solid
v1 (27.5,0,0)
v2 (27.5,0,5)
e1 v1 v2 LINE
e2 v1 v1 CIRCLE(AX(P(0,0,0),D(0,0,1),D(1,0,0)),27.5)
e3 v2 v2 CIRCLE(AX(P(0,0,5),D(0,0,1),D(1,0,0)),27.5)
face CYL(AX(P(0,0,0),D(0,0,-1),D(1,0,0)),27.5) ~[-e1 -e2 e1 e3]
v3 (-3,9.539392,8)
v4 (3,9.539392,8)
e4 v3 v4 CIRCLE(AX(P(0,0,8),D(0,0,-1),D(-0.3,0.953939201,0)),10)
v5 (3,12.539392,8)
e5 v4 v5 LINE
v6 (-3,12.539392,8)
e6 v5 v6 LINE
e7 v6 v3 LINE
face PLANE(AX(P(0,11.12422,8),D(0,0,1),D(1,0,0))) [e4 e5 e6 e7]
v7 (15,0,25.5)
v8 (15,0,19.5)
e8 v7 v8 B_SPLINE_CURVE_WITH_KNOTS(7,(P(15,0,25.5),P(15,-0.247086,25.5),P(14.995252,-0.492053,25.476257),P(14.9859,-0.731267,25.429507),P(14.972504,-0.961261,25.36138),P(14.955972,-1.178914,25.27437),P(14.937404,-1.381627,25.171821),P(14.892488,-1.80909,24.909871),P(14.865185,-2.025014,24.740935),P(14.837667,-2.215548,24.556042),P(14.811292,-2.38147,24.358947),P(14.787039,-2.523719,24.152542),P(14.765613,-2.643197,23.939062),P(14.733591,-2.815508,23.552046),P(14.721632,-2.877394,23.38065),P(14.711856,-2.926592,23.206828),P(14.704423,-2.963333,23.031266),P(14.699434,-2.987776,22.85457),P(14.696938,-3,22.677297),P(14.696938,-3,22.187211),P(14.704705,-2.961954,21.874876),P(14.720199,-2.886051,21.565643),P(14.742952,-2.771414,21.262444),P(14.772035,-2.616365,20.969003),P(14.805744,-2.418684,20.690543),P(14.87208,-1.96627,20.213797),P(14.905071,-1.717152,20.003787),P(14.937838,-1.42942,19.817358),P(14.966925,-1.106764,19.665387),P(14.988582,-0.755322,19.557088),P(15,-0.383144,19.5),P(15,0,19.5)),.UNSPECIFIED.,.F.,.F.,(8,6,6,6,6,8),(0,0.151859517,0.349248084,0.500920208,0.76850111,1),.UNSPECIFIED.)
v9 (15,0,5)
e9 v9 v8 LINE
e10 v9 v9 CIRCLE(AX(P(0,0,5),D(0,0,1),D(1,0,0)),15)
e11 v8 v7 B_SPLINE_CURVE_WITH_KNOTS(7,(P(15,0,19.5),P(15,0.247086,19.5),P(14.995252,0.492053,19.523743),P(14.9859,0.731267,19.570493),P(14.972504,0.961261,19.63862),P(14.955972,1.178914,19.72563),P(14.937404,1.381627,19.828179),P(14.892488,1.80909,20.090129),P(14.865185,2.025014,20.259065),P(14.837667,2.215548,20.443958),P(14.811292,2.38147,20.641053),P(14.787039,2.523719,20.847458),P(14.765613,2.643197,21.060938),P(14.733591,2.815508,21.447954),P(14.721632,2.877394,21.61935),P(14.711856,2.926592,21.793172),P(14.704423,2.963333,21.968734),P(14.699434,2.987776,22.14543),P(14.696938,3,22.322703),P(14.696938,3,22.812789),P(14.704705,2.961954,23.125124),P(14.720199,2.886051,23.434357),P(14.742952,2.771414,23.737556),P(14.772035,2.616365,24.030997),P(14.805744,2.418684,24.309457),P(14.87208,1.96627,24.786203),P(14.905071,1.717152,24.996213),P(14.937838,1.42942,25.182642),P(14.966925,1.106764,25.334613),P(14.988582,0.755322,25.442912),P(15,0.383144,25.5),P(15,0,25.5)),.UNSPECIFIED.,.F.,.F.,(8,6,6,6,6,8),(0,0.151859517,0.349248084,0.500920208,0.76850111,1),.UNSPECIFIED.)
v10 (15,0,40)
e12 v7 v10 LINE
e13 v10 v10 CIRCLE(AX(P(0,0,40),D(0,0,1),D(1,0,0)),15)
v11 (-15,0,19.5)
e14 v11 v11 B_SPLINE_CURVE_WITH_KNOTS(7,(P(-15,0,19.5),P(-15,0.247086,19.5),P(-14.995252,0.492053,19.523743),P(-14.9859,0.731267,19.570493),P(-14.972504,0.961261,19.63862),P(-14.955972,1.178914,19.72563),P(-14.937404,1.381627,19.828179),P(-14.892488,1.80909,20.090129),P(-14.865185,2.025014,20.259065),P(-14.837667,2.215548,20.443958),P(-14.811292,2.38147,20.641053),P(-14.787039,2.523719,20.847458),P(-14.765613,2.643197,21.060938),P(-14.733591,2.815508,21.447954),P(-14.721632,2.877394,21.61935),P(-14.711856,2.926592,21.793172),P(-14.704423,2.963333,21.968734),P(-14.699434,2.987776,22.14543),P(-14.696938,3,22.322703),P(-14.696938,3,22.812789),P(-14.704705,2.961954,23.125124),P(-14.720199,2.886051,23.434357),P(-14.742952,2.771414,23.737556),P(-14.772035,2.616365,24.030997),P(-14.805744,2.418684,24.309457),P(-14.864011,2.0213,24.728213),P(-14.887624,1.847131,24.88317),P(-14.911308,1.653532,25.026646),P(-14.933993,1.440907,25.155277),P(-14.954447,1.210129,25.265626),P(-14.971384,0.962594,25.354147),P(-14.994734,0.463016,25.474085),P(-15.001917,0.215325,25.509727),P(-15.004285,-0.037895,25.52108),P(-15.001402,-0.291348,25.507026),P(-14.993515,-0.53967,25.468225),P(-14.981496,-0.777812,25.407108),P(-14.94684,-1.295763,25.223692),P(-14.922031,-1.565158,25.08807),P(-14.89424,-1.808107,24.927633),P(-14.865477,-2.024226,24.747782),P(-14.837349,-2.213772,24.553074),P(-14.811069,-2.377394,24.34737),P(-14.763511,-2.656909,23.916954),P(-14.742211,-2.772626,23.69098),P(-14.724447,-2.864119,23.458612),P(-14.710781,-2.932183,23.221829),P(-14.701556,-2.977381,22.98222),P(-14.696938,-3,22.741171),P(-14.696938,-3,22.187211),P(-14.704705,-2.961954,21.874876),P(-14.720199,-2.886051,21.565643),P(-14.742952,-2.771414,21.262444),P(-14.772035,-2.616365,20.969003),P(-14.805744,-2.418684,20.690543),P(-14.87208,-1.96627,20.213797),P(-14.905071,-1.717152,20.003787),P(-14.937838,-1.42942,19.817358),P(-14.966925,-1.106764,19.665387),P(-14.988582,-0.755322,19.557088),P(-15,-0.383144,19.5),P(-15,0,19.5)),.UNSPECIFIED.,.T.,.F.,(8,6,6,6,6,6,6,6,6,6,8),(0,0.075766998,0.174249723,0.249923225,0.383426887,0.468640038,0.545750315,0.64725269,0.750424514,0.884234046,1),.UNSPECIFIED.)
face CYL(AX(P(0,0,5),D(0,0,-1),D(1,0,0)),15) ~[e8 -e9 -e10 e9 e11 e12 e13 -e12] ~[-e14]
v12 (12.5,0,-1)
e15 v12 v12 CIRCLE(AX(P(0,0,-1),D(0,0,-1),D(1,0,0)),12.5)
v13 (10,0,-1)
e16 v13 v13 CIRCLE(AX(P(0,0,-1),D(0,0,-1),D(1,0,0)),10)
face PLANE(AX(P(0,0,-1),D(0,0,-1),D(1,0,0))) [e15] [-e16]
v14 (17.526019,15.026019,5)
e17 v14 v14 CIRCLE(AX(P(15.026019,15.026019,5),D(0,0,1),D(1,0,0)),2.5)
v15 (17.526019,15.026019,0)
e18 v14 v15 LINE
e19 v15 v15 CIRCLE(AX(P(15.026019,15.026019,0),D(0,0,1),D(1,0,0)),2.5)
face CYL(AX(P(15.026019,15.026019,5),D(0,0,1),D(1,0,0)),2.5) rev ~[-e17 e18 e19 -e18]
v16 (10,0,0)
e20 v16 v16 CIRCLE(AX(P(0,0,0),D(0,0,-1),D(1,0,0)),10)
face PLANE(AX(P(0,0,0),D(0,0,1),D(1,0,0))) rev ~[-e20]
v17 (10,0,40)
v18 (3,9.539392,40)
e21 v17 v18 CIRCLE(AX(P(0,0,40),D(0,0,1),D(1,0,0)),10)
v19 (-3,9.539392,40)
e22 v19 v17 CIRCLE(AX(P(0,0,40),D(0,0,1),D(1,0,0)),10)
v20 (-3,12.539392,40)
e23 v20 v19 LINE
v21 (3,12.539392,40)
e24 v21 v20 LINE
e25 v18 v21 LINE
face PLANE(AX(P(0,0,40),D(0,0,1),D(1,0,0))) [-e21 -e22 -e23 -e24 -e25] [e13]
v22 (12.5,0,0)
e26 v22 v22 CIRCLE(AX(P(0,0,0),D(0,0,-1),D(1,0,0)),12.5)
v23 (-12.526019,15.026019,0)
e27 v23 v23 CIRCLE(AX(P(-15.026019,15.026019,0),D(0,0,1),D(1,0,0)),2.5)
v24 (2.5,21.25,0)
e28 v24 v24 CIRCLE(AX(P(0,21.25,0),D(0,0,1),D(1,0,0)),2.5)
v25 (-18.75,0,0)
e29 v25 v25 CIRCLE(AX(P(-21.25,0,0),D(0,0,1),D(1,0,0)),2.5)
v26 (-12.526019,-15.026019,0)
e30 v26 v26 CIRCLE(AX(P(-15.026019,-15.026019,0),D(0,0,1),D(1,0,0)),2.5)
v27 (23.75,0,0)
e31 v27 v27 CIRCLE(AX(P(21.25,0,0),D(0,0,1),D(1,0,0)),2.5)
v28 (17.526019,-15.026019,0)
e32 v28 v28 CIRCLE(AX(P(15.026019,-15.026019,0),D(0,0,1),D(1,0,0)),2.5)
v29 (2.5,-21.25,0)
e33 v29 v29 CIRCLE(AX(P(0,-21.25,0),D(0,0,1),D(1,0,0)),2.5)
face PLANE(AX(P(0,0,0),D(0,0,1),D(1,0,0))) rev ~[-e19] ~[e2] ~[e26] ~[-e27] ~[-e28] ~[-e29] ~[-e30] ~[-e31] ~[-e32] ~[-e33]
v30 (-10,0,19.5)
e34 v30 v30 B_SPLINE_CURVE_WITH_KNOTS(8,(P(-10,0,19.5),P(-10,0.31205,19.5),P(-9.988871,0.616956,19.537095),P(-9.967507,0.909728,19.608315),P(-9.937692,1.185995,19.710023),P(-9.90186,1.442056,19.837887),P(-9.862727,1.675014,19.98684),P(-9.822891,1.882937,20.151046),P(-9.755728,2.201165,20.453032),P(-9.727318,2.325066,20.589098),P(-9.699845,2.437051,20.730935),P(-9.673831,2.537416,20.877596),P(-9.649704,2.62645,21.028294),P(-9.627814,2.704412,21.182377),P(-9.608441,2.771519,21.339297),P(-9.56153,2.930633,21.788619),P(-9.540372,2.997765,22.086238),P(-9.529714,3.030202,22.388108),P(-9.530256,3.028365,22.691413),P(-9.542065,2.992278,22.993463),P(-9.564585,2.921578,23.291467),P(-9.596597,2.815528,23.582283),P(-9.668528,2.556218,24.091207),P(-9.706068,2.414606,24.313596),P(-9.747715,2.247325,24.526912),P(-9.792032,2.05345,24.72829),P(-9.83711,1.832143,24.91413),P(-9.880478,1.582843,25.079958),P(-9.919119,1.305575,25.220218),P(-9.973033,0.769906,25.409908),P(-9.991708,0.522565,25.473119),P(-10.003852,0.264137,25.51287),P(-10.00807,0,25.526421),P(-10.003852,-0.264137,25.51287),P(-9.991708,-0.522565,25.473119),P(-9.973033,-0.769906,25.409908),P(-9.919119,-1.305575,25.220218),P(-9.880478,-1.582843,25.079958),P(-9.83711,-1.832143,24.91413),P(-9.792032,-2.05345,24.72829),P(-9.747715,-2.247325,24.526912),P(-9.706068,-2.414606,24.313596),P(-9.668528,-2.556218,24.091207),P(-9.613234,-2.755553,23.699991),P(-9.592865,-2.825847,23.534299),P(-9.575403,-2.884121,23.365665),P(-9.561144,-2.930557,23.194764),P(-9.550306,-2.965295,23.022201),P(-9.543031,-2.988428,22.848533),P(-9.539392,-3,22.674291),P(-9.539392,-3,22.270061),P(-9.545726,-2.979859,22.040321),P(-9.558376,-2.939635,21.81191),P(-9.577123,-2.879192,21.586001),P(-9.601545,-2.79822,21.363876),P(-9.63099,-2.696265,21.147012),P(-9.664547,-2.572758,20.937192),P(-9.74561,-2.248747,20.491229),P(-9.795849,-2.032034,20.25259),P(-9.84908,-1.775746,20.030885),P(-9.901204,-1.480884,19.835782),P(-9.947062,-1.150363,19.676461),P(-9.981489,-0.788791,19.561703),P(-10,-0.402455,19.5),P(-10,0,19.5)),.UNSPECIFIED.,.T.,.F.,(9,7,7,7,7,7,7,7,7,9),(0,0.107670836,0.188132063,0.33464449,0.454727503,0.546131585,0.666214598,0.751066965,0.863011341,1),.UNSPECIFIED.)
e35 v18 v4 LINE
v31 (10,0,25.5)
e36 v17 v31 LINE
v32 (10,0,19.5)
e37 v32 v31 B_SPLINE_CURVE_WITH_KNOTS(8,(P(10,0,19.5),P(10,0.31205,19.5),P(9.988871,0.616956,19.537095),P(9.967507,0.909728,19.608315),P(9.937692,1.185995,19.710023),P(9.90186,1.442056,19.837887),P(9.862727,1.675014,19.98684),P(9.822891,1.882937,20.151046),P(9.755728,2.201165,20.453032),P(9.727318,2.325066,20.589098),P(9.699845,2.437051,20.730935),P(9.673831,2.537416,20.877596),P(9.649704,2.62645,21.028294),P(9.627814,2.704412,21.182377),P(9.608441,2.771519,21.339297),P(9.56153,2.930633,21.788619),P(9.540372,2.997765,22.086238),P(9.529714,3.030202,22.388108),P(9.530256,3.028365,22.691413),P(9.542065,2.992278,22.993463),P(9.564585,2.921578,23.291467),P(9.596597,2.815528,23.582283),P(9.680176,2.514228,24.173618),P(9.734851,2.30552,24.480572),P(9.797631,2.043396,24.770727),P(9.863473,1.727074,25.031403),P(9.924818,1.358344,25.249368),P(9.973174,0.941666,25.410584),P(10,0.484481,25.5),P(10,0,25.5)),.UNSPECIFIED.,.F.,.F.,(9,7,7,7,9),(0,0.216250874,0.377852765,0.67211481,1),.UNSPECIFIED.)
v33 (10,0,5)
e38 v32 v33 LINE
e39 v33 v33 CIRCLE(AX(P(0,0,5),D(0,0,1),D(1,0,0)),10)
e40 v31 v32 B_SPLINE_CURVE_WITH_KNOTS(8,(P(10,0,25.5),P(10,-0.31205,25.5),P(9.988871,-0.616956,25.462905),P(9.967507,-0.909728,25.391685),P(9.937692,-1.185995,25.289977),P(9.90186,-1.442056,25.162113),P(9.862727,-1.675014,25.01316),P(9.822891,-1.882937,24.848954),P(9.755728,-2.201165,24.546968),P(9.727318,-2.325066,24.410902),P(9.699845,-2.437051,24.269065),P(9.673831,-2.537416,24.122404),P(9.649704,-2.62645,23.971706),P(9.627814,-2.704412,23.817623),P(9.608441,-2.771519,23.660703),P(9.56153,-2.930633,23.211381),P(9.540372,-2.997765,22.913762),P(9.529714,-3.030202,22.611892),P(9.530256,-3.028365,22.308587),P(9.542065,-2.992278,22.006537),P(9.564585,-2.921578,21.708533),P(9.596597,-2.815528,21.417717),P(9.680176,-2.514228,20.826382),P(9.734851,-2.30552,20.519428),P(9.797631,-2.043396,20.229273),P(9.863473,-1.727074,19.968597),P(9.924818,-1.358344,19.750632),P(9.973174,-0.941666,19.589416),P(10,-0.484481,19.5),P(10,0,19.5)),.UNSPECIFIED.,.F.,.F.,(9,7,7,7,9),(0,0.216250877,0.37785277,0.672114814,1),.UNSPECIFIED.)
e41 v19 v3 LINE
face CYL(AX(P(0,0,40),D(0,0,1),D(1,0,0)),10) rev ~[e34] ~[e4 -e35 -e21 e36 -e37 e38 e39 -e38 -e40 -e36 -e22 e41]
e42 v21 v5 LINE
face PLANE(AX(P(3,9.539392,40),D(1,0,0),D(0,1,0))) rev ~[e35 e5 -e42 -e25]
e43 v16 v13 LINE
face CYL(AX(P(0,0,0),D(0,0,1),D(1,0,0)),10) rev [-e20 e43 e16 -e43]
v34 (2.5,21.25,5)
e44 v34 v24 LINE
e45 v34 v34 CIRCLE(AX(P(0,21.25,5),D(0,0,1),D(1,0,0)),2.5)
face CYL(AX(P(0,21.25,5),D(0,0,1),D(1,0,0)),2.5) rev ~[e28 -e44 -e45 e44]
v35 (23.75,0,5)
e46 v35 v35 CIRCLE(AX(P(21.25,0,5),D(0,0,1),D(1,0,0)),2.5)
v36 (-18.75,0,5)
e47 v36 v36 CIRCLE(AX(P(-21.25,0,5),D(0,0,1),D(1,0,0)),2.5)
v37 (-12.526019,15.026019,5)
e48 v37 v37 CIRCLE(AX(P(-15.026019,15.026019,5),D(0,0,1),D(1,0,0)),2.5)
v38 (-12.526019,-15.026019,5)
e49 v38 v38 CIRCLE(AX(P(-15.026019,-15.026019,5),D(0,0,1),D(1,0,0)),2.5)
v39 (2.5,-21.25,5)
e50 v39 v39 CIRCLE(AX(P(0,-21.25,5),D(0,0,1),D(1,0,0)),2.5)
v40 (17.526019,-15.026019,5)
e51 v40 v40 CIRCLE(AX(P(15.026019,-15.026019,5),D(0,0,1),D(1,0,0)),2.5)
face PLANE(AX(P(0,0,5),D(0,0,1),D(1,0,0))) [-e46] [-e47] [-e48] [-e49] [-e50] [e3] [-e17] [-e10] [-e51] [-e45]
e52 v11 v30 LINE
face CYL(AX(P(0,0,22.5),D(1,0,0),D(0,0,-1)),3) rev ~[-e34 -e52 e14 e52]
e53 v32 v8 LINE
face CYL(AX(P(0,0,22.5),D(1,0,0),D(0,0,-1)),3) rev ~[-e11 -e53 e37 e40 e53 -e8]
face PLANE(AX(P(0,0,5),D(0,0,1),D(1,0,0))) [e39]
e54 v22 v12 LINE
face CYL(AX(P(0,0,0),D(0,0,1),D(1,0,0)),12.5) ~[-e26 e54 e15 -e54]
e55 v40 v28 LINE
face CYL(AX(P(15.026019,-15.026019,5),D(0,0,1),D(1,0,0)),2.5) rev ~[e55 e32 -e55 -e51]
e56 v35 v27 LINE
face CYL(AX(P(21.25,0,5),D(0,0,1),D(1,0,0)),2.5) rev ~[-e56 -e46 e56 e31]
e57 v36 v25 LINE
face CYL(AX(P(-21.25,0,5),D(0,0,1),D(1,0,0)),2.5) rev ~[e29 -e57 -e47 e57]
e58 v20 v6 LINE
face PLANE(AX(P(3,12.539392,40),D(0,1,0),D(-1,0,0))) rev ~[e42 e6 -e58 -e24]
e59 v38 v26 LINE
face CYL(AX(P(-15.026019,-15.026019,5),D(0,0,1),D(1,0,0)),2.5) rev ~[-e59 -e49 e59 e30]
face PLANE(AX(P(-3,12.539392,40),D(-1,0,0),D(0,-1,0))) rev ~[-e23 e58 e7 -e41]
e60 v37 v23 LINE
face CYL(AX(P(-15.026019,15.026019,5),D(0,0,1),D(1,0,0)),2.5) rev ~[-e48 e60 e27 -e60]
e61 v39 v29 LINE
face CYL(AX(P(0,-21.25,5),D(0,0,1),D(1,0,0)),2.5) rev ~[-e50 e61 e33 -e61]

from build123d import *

# Parameters (mm, degrees)
CROQUIS1_R              = 27.5
SALIENTE_EXTRUIR1_DEPTH = 5
CROQUIS2_R              = 15
SALIENTE_EXTRUIR2_DEPTH = 35
CROQUIS5_R              = 2.5
CORTAR_EXTRUIR4_DEPTH   = 5
CROQUIS3_R              = 10
CORTAR_EXTRUIR5_DEPTH   = 35
CORTAR_EXTRUIR6_DEPTH   = 32
CROQUIS8_R              = 12.5
CROQUIS8_R_2            = 10
SALIENTE_EXTRUIR4_DEPTH = 1
CROQUIS9_R              = 3
CORTAR_EXTRUIR7_DEPTH   = 25


with BuildPart() as part:
    # Croquis1 → Saliente-Extruir1 (new body)
    with BuildSketch(Plane.XY):
        Circle(CROQUIS1_R)
    extrude(amount=SALIENTE_EXTRUIR1_DEPTH)

    # Croquis2 → Saliente-Extruir2 (add)
    with BuildSketch(Plane.XY.offset(5)):
        Circle(CROQUIS2_R)
    extrude(amount=SALIENTE_EXTRUIR2_DEPTH)

    # Croquis5 → Cortar-Extruir4 (cut)
    with BuildSketch(Plane.XY.offset(5)):
        with Locations((0, 21.25)):
            Circle(CROQUIS5_R)
        with Locations((0, -21.25)):
            Circle(CROQUIS5_R)
        with Locations((21.25, 0)):
            Circle(CROQUIS5_R)
        with Locations((-21.25, 0)):
            Circle(CROQUIS5_R)
        with Locations((15.0260191, 15.0260191)):
            Circle(CROQUIS5_R)
        with Locations((-15.0260191, 15.0260191)):
            Circle(CROQUIS5_R)
        with Locations((-15.0260191, -15.0260191)):
            Circle(CROQUIS5_R)
        with Locations((15.0260191, -15.0260191)):
            Circle(CROQUIS5_R)
    extrude(amount=-CORTAR_EXTRUIR4_DEPTH, mode=Mode.SUBTRACT)

    # Croquis3 → Cortar-Extruir5 (cut)
    with BuildSketch(Plane.XY.offset(40)):
        Circle(CROQUIS3_R)
    extrude(amount=-CORTAR_EXTRUIR5_DEPTH, mode=Mode.SUBTRACT)

    # Croquis7 → Cortar-Extruir6 (cut)
    with BuildSketch(Plane.XY.offset(40)):
        with BuildLine():
            Line((-3, 12.539392014), (-3, 9.539392014))
            ThreePointArc((-3, 9.539392014), (0, 10), (3, 9.539392014))
            Line((3, 9.539392014), (3, 12.539392014))
            Line((3, 12.539392014), (0, 12.539392014))
            Line((0, 12.539392014), (-3, 12.539392014))
        make_face()
    extrude(amount=-CORTAR_EXTRUIR6_DEPTH, mode=Mode.SUBTRACT)

    # Croquis8 → Saliente-Extruir4 (add)
    with BuildSketch(Plane(origin=(0, 0, 0), x_dir=(-1, 0, 0), z_dir=(0, 0, -1))):
        with Locations(Location((0, 0, 0), (0, 0, 180))):
            Circle(CROQUIS8_R)
        with Locations(Location((0, 0, 0), (0, 0, 180))):
            Circle(CROQUIS8_R_2, mode=Mode.SUBTRACT)
    extrude(amount=SALIENTE_EXTRUIR4_DEPTH)

    # Croquis9 → Cortar-Extruir7 (cut, symmetric)
    with BuildSketch(Plane(origin=(0, 0, 0), x_dir=(0, 0, -1), z_dir=(1, 0, 0))):
        with Locations((-22.5, 0)):
            Circle(CROQUIS9_R)
    extrude(amount=CORTAR_EXTRUIR7_DEPTH, both=True, mode=Mode.SUBTRACT)


solid = part.part
